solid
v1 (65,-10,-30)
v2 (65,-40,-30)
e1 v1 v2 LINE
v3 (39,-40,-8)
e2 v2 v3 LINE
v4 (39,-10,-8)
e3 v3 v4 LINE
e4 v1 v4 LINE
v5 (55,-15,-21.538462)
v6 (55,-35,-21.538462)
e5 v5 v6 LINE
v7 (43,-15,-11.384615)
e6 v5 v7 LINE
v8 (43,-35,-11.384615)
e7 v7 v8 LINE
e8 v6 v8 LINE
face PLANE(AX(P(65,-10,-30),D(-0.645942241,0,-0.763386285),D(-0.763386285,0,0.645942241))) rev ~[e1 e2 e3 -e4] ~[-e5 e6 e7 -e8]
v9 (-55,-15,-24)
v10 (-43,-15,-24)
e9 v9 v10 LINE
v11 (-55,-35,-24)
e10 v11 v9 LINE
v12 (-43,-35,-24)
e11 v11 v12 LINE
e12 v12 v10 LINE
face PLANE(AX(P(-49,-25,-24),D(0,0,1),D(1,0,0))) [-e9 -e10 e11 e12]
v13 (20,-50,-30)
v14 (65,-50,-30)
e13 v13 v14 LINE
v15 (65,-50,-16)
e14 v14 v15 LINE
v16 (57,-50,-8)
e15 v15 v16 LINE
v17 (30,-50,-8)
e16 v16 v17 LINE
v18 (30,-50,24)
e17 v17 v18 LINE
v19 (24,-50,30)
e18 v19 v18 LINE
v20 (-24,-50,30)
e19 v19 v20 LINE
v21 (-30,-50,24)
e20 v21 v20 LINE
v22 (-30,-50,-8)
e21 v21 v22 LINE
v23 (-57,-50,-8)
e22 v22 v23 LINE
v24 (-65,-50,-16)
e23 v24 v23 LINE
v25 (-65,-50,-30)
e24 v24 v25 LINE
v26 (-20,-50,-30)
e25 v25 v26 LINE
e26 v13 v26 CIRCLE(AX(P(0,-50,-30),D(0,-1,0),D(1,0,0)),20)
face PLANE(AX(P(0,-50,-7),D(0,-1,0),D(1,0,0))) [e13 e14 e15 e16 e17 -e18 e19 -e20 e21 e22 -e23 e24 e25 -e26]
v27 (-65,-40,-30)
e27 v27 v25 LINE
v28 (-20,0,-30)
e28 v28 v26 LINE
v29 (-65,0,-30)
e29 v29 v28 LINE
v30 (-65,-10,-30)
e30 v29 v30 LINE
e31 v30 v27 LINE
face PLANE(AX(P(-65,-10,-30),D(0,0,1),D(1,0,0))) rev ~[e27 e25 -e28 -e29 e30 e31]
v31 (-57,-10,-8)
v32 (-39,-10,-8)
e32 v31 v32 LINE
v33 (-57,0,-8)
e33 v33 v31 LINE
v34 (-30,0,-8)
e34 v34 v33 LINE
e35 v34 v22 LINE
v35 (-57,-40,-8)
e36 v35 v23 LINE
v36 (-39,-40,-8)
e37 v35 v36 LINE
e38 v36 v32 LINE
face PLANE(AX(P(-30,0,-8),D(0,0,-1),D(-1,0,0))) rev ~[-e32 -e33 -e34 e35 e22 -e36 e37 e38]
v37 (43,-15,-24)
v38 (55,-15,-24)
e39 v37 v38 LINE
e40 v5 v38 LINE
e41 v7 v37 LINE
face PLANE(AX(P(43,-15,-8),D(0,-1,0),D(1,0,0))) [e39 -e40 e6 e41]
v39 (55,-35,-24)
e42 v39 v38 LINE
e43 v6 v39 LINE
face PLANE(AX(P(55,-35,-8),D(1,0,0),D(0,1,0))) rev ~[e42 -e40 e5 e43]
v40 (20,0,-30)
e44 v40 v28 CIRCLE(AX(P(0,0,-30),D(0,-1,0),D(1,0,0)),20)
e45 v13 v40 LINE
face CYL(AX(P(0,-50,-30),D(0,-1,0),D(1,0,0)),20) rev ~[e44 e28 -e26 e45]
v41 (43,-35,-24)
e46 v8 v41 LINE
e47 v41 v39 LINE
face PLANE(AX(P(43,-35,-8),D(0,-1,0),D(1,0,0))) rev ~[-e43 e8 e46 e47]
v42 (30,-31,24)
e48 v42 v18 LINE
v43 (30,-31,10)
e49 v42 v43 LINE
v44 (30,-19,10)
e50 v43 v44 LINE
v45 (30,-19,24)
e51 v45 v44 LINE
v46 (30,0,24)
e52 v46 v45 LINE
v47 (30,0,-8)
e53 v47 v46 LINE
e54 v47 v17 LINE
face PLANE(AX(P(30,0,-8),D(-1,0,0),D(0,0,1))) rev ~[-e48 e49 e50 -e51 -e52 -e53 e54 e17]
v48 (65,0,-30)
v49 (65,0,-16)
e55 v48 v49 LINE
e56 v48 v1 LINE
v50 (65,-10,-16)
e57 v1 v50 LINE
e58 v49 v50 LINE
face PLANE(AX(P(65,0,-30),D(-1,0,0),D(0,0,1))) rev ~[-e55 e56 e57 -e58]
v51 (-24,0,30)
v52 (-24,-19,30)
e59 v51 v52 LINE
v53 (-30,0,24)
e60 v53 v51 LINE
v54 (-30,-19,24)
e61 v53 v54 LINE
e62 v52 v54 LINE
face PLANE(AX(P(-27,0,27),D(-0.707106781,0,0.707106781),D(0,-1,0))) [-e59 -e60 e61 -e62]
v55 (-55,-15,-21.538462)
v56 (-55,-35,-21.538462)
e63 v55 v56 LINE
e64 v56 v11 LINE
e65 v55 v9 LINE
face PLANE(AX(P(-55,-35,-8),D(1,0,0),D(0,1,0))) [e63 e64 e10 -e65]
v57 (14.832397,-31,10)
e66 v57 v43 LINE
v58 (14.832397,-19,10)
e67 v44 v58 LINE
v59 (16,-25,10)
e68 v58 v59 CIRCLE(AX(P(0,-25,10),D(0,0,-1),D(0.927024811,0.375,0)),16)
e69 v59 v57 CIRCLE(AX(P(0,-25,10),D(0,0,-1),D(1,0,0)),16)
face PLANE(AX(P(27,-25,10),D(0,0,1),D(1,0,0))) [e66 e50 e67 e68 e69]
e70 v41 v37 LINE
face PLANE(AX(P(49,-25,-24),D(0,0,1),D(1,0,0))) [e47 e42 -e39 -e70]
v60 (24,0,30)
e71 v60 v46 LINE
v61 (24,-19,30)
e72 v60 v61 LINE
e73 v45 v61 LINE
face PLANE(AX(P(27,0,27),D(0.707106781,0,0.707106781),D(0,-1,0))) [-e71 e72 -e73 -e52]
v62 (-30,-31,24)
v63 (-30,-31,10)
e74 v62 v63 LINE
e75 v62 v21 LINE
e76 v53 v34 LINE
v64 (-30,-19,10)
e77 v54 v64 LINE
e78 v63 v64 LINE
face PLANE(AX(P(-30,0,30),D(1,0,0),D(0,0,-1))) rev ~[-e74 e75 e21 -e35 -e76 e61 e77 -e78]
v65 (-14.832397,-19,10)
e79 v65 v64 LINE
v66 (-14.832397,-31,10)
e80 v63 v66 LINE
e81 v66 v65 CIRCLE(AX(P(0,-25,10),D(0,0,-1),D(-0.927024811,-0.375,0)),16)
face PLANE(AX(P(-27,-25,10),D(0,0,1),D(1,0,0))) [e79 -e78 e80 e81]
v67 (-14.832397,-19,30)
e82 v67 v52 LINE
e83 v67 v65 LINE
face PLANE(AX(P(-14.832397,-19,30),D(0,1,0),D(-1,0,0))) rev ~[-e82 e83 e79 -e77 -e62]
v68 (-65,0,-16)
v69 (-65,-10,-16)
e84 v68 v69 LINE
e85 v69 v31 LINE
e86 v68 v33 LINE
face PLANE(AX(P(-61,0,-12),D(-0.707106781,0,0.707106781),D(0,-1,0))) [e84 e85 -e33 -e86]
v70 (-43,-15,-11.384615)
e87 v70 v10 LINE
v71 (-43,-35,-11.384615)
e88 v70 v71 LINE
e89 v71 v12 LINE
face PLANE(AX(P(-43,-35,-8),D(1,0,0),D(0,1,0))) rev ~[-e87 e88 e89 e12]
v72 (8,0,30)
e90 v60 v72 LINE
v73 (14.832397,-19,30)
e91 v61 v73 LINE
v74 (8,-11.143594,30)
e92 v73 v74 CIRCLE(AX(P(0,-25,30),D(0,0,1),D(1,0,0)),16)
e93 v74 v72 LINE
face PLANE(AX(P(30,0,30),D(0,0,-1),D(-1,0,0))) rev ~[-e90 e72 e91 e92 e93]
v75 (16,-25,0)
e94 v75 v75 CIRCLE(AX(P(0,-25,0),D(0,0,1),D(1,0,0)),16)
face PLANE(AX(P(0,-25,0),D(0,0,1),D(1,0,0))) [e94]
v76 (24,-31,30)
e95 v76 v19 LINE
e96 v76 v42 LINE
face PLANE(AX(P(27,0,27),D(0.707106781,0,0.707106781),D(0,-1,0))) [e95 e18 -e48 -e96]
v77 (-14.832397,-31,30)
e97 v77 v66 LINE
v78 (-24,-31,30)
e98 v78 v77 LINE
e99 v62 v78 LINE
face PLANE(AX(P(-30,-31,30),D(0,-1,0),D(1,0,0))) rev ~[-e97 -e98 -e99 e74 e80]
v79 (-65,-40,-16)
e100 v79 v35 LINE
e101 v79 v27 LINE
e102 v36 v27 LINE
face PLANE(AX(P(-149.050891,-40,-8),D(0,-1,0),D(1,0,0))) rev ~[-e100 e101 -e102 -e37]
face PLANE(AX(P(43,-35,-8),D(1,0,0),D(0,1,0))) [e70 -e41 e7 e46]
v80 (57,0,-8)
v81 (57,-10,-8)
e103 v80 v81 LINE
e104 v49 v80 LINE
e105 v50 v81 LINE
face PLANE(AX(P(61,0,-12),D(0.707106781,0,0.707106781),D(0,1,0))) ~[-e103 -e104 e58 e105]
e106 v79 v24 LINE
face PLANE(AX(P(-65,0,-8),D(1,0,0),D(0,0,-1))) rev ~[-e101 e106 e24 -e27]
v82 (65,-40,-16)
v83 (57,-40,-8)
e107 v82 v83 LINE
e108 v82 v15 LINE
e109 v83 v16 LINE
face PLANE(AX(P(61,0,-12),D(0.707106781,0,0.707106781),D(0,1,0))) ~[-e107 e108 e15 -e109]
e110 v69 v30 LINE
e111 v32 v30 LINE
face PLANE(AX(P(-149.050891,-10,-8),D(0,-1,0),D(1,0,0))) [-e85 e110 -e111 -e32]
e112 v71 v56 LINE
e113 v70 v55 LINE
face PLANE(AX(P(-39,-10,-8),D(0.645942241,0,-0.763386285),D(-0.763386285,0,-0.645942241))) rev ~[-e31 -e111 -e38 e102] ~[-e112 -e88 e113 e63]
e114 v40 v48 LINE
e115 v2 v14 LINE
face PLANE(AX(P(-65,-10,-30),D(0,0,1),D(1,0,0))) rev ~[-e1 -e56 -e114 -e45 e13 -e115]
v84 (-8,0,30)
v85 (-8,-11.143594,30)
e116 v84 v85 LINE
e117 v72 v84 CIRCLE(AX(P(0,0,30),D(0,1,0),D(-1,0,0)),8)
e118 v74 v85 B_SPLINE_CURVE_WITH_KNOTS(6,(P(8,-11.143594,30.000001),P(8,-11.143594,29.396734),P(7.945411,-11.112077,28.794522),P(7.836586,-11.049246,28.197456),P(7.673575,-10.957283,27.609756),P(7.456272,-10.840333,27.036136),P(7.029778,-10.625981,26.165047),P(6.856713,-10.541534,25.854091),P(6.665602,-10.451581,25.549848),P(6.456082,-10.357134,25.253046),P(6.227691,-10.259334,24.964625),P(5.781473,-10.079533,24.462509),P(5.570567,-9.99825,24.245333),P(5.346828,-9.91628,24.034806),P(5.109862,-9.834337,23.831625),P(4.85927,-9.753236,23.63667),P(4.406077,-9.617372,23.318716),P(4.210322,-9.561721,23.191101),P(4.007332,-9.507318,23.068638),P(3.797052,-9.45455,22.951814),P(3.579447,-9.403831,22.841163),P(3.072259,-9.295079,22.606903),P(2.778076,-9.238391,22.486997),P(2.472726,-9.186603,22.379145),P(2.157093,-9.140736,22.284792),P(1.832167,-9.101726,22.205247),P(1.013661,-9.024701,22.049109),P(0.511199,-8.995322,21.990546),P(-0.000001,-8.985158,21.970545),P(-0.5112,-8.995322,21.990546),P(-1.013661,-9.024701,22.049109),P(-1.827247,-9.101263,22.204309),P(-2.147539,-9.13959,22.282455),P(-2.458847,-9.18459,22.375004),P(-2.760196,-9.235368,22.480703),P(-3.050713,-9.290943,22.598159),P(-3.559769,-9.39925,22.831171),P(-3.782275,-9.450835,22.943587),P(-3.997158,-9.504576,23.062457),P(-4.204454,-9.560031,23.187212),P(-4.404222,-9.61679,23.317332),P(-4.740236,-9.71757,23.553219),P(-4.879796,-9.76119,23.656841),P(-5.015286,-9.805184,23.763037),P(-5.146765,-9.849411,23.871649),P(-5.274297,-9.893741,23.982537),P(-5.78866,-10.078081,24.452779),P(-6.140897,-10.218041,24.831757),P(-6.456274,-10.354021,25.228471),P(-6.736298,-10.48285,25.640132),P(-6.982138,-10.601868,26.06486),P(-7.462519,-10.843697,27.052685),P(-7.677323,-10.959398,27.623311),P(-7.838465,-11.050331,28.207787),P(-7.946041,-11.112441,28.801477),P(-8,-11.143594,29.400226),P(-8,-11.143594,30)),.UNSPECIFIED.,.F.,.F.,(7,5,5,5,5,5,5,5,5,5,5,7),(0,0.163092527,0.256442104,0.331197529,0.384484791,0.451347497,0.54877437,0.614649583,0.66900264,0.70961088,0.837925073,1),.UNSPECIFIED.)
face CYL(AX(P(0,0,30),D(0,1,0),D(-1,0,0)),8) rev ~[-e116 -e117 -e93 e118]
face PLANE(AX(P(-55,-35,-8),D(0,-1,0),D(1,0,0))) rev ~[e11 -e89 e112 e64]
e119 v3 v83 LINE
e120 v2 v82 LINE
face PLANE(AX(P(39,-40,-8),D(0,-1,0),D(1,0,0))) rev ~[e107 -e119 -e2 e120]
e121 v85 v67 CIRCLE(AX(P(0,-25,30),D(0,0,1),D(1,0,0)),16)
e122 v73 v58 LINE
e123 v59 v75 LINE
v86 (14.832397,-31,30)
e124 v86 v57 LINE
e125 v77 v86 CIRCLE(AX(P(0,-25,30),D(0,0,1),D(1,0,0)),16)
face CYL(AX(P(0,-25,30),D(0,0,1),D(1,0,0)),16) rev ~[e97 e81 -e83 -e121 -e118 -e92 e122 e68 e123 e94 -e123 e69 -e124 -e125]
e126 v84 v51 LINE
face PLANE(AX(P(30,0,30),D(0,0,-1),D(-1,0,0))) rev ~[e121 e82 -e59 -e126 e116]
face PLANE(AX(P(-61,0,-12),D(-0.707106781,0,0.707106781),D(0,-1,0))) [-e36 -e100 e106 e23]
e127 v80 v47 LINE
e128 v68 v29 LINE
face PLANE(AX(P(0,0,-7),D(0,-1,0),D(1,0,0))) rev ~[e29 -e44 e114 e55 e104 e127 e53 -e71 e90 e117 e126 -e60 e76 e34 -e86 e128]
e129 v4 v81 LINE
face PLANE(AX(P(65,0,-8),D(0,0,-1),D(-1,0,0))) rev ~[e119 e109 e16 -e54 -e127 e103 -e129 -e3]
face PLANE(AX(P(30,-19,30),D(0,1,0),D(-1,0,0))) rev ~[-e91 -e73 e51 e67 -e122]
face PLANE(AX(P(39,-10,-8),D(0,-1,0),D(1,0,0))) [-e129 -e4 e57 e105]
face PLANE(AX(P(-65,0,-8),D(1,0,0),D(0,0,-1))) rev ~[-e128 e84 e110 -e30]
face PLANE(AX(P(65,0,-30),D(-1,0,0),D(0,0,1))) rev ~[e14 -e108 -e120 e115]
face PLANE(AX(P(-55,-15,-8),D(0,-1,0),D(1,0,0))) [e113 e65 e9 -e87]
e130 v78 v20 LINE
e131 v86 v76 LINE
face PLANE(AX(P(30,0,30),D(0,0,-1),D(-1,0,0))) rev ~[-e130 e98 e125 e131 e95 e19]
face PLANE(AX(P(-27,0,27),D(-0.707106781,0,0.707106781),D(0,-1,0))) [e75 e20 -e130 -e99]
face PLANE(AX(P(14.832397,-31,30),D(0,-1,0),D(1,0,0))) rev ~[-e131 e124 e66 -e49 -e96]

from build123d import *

# Parameters (mm, degrees)
F1_DEPTH  = 50
F2_SIZE   = 8
F3_SIZE   = 6
F4_W      = 6
F4_H      = 12
F5_DEPTH  = 20
F6_R      = 16
F7_DEPTH  = 30
F8_R      = 8
F9_DEPTH  = 25.4
F10_W     = 110.0508913994
F10_H     = 30
F11_DEPTH = 22.001
F12_W     = 112.4475047588
F12_H     = 30
F13_DEPTH = 22.001
F15_DEPTH = 30
F17_DEPTH = 30
F18_W     = 12
F18_H     = 20
F19_DEPTH = 16
F20_W     = 12
F20_H     = 20
F21_DEPTH = 16
F22_R     = 20
F23_DEPTH = 50.0010001


with BuildPart() as f1:
    # F0 (on Front) → F1 (new body)
    with BuildSketch(Plane.XZ):
        Polygon((-65, -8), (-65, -30), (65, -30), (65, -8), (30, -8), (30, 30), (-30, 30), (-30, -8), align=None)
    extrude(amount=F1_DEPTH)

    # F2
    f2_edges = [f1.edges().sort_by_distance(p)[0] for p in [
        (-65, -25, -8),
        (65, -25, -8),
    ]]
    chamfer(f2_edges, length=F2_SIZE)

    # F3
    f3_edges = [f1.edges().sort_by_distance(p)[0] for p in [
        (-30, -25, 30),
        (30, -25, 30),
    ]]
    chamfer(f3_edges, length=F3_SIZE)

    # F4 (on face) → F5 (cut)
    with BuildSketch(Plane.XY.offset(30)):
        with Locations((-27, -25)):
            Rectangle(F4_W, F4_H)
        with Locations((27, -25)):
            Rectangle(F4_W, F4_H)
        with BuildLine():
            Line((-24, -19), (-24, -31))
            Line((-24, -31), (-14.8323969742, -31))
            ThreePointArc((-14.8323969742, -31), (-16, -25), (-14.8323969742, -19))
            Line((-14.8323969742, -19), (-24, -19))
        make_face()
        with BuildLine():
            ThreePointArc((16, -25), (15.70538684, -28.0562761993), (14.8323969742, -31))
            Line((14.8323969742, -31), (24, -31))
            Line((24, -31), (24, -19))
            Line((24, -19), (14.8323969742, -19))
            ThreePointArc((14.8323969742, -19), (15.70538684, -21.9437238007), (16, -25))
        make_face()
    extrude(amount=-F5_DEPTH, mode=Mode.SUBTRACT)

    # F6 (on face) → F7 (cut)
    with BuildSketch(Plane.XY.offset(30)):
        with Locations((0, -25)):
            Circle(F6_R)
    extrude(amount=-F7_DEPTH, mode=Mode.SUBTRACT)

    # F8 (on face) → F9 (cut)
    with BuildSketch(Plane(origin=(0, 0, 0), x_dir=(-1, 0, 0), z_dir=(0, 1, 0))):
        with Locations((0, 30)):
            Circle(F8_R)
    extrude(amount=-F9_DEPTH, mode=Mode.SUBTRACT)

    # F10 (on face) → F11 (cut, through all)
    with BuildSketch(Plane.XY.offset(-8)):
        with Locations((-94.0254456997, -25)):
            Rectangle(F10_W, F10_H)
    extrude(amount=-F11_DEPTH, mode=Mode.SUBTRACT)

    # F12 (on face) → F13 (cut, through all)
    with BuildSketch(Plane.XY.offset(-8)):
        with Locations((95.2237523794, -25)):
            Rectangle(F12_W, F12_H)
    extrude(amount=-F13_DEPTH, mode=Mode.SUBTRACT)

    # F14 (on face) → F15 (join)
    with BuildSketch(Plane.XZ.offset(10)):
        Polygon((39, -30), (65, -30), (39, -8), align=None)
    extrude(amount=F15_DEPTH)

    # F16 (on face) → F17 (join)
    with BuildSketch(Plane.XZ.offset(10)):
        Polygon((-65, -30), (-39, -30), (-39, -8), align=None)
    extrude(amount=F17_DEPTH)

    # F18 (on face) → F19 (cut)
    with BuildSketch(Plane.XY.offset(-8)):
        with Locations((49, -25)):
            Rectangle(F18_W, F18_H)
    extrude(amount=-F19_DEPTH, mode=Mode.SUBTRACT)

    # F20 (on face) → F21 (cut)
    with BuildSketch(Plane.XY.offset(-8)):
        with Locations((-49, -25)):
            Rectangle(F20_W, F20_H)
    extrude(amount=-F21_DEPTH, mode=Mode.SUBTRACT)

    # F22 (on face) → F23 (cut, through all)
    with BuildSketch(Plane.XZ.offset(50)):
        with Locations((0, -30)):
            Circle(F22_R)
    extrude(amount=-F23_DEPTH, mode=Mode.SUBTRACT)


solid = f1.part
